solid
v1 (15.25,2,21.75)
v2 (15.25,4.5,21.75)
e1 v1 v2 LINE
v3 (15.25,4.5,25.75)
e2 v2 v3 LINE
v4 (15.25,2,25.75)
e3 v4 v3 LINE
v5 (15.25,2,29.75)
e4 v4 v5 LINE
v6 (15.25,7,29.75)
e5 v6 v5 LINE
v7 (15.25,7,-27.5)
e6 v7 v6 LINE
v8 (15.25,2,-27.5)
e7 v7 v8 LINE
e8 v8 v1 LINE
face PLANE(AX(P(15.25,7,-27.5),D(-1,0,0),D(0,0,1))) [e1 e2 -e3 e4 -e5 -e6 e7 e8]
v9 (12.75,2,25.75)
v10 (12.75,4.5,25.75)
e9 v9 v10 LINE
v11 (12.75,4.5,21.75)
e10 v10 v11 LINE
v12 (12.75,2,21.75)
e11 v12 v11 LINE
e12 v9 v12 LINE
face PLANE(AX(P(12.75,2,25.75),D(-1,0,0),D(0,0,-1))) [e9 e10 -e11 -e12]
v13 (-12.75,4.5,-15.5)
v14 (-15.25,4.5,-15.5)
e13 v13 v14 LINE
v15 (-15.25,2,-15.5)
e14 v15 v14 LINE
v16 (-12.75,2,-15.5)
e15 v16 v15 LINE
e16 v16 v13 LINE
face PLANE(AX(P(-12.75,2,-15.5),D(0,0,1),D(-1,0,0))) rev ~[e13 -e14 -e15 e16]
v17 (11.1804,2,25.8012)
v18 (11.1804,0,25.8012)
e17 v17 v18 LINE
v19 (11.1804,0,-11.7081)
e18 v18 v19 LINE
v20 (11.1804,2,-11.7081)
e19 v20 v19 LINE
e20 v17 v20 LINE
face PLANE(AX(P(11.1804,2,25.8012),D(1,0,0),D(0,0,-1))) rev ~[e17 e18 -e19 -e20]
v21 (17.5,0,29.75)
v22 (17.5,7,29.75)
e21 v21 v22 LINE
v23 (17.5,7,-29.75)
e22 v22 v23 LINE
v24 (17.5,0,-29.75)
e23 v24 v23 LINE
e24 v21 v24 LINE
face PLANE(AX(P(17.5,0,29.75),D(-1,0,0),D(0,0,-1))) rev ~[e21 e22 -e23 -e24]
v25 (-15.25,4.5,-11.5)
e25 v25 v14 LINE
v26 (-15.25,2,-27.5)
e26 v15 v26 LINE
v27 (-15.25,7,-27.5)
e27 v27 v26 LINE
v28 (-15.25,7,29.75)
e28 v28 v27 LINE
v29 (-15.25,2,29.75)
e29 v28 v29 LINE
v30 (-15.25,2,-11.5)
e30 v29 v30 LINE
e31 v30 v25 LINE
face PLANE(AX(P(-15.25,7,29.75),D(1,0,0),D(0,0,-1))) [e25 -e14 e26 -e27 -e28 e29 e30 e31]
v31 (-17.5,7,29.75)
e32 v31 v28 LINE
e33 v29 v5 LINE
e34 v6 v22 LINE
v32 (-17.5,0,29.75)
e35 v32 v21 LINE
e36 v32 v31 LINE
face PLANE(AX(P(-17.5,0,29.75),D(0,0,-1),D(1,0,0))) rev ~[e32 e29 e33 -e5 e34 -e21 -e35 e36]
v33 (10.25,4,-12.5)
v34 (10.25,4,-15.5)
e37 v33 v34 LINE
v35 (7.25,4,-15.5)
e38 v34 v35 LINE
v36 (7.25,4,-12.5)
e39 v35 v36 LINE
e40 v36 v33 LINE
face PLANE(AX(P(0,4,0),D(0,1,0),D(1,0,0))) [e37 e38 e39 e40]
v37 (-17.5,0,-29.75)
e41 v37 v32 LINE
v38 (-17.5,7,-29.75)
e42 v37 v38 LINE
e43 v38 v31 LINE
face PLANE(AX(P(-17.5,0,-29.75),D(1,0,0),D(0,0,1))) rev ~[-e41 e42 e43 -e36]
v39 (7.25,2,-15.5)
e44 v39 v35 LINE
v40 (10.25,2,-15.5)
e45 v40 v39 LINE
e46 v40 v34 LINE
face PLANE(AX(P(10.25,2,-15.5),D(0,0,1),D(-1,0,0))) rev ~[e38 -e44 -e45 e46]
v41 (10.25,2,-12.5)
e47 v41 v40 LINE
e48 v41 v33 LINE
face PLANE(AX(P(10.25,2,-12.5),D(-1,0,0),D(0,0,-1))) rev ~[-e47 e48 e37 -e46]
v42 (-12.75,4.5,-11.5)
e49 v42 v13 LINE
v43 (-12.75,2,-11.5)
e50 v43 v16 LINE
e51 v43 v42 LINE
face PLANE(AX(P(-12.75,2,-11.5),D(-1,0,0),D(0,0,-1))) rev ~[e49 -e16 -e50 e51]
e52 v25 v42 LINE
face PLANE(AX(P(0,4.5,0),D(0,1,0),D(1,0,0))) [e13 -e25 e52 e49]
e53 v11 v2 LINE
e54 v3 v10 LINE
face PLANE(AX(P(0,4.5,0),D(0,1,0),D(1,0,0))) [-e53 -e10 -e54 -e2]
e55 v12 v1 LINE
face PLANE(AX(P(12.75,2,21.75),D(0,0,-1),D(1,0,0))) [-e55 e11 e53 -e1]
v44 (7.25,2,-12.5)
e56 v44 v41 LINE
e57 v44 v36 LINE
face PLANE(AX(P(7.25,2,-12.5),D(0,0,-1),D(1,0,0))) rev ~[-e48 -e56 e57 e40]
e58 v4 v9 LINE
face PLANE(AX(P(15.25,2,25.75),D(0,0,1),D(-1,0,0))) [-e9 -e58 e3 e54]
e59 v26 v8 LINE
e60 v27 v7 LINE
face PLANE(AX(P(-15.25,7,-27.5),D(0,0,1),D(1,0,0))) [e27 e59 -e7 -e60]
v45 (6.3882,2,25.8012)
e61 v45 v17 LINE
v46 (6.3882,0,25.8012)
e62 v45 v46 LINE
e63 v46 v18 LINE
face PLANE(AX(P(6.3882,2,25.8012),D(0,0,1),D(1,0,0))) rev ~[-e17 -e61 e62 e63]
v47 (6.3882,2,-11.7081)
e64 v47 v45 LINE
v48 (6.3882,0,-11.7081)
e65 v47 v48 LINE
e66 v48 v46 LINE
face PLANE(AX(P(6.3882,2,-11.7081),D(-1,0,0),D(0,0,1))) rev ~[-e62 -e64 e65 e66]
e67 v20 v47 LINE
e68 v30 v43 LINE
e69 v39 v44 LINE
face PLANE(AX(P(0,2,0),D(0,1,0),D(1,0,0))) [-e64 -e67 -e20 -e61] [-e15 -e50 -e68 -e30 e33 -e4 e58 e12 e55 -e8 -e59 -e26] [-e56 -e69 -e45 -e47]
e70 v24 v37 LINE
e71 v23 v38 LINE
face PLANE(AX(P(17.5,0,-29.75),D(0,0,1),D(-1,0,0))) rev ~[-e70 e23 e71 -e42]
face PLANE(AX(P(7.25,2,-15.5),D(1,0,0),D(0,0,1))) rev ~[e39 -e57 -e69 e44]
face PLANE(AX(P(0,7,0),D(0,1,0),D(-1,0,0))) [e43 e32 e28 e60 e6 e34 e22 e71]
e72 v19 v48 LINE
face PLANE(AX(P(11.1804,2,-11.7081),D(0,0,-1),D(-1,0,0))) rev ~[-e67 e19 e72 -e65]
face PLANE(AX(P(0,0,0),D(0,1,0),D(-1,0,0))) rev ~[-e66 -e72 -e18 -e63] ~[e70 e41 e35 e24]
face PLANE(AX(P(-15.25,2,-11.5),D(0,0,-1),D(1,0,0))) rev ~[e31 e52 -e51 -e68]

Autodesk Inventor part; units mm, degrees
ref_plane "YZ Plane" through (0, 0, 0) normal (1, 0, 0) x (0, 1, 0)
ref_plane "XZ Plane" through (0, 0, 0) normal (0, 1, 0) x (-1, 0, 0)
ref_plane "XY Plane" through (0, 0, 0) normal (0, 0, 1) x (1, 0, 0)
sketch "Sketch1" plane through (0, 0, 0) normal (0, 1, 0) x (-1, 0, 0)
  line L0 (-17.5, -29.75) -> (17.5, -29.75)
  line L1 (17.5, -29.75) -> (17.5, 29.75)
  line L2 (17.5, 29.75) -> (-17.5, 29.75)
  line L3 (-17.5, 29.75) -> (-17.5, -29.75)
  line L4 (-17.5, -29.75) -> (17.5, 29.75) construction
  line L5 (17.5, -29.75) -> (-17.5, 29.75) construction
  point P0 (0, 0)
  dimension "d0" = 59.5
  dimension "d1" = 35
extrude "Extrusion1" add sketch "Sketch1" along normal blind 7
sketch "Sketch2" plane through (0, 7, 0) normal (0, 1, 0) x (1, 0, 0)
  line L0 (-17.5, -29.75) -> (17.5, -29.75) projected
  line L1 (15.25, -29.75) -> (-15.25, -29.75)
  line L2 (-15.25, -29.75) -> (-15.25, 27.5)
  line L3 (-15.25, 27.5) -> (15.25, 27.5)
  line L4 (15.25, 27.5) -> (15.25, -29.75)
  line L5 (17.5, -29.75) -> (17.5, 29.75) projected
  line L6 (17.5, 29.75) -> (-17.5, 29.75) projected
  line L7 (-17.5, 29.75) -> (-17.5, -29.75) projected
  point P0 (0, 0)
  point P1 (-15.25, -29.75)
  dimension "d4" = 2.25
  dimension "d5" = 2.25
  dimension "d6" = 2.25
extrude "Extrusion2" cut sketch "Sketch2" against normal blind 5 contours L2 L3 L4 L0
sketch "Sketch3" plane through (0, 2, 0) normal (0, 1, 0) x (1, 0, 0)
  line L0 (10.25, 15.5) -> (7.25, 15.5)
  line L1 (7.25, 15.5) -> (7.25, 12.5)
  line L2 (7.25, 12.5) -> (10.25, 12.5)
  line L3 (10.25, 12.5) -> (10.25, 15.5)
  line L4 (-15.25, 27.5) -> (15.25, 27.5) projected
  line L5 (15.25, 27.5) -> (15.25, -29.75) projected
  line L6 (15.25, -25.75) -> (12.75, -25.75)
  line L7 (12.75, -25.75) -> (12.75, -21.75)
  line L8 (12.75, -21.75) -> (15.25, -21.75)
  line L9 (15.25, -21.75) -> (15.25, -25.75)
  line L10 (-15.25, -29.75) -> (-15.25, 27.5) projected
  line L11 (-15.25, 11.5) -> (-12.75, 11.5)
  line L12 (-12.75, 11.5) -> (-12.75, 15.5)
  line L13 (-12.75, 15.5) -> (-15.25, 15.5)
  line L14 (-15.25, 15.5) -> (-15.25, 11.5)
  line L15 (15.25, -29.75) -> (-15.25, -29.75) projected
  point P0 (0, 0)
  point P1 (15.25, -21.75)
  dimension "d9" = 3
  dimension "d10" = 3
  dimension "d21" = 12
  dimension "d22" = 5
  dimension "d23" = 2.5
  dimension "d24" = 4
  dimension "d25" = 4
  dimension "d26" = 2.5
  dimension "d27" = 12
  dimension "d28" = 4
extrude "Extrusion3" add sketch "Sketch3" along normal blind 2 contours L3 L2 L1 L0
extrude "Extrusion4" add sketch "Sketch3" along normal blind 2.5 contours L13 L12 L11 L10 | L5 L6 L7 L8
sketch "Sketch4" plane through (0, 2, 0) normal (0, 1, 0) x (1, 0, 0)
  line L0 (11.1804, 11.7081) -> (6.3882, 11.7081)
  line L1 (6.3882, 11.7081) -> (6.3882, -25.8012)
  line L2 (6.3882, -25.8012) -> (11.1804, -25.8012)
  line L3 (11.1804, -25.8012) -> (11.1804, 11.7081)
  point P0 (0, 0)
extrude "Extrusion5" cut sketch "Sketch4" against normal through all
equation "\"d5\" = d4"
equation "\"d6\" = d4"
equation "\"d25\" = d24"
equation "\"d26\" = d23"
properties part number "CROC Gluing Form V2"
